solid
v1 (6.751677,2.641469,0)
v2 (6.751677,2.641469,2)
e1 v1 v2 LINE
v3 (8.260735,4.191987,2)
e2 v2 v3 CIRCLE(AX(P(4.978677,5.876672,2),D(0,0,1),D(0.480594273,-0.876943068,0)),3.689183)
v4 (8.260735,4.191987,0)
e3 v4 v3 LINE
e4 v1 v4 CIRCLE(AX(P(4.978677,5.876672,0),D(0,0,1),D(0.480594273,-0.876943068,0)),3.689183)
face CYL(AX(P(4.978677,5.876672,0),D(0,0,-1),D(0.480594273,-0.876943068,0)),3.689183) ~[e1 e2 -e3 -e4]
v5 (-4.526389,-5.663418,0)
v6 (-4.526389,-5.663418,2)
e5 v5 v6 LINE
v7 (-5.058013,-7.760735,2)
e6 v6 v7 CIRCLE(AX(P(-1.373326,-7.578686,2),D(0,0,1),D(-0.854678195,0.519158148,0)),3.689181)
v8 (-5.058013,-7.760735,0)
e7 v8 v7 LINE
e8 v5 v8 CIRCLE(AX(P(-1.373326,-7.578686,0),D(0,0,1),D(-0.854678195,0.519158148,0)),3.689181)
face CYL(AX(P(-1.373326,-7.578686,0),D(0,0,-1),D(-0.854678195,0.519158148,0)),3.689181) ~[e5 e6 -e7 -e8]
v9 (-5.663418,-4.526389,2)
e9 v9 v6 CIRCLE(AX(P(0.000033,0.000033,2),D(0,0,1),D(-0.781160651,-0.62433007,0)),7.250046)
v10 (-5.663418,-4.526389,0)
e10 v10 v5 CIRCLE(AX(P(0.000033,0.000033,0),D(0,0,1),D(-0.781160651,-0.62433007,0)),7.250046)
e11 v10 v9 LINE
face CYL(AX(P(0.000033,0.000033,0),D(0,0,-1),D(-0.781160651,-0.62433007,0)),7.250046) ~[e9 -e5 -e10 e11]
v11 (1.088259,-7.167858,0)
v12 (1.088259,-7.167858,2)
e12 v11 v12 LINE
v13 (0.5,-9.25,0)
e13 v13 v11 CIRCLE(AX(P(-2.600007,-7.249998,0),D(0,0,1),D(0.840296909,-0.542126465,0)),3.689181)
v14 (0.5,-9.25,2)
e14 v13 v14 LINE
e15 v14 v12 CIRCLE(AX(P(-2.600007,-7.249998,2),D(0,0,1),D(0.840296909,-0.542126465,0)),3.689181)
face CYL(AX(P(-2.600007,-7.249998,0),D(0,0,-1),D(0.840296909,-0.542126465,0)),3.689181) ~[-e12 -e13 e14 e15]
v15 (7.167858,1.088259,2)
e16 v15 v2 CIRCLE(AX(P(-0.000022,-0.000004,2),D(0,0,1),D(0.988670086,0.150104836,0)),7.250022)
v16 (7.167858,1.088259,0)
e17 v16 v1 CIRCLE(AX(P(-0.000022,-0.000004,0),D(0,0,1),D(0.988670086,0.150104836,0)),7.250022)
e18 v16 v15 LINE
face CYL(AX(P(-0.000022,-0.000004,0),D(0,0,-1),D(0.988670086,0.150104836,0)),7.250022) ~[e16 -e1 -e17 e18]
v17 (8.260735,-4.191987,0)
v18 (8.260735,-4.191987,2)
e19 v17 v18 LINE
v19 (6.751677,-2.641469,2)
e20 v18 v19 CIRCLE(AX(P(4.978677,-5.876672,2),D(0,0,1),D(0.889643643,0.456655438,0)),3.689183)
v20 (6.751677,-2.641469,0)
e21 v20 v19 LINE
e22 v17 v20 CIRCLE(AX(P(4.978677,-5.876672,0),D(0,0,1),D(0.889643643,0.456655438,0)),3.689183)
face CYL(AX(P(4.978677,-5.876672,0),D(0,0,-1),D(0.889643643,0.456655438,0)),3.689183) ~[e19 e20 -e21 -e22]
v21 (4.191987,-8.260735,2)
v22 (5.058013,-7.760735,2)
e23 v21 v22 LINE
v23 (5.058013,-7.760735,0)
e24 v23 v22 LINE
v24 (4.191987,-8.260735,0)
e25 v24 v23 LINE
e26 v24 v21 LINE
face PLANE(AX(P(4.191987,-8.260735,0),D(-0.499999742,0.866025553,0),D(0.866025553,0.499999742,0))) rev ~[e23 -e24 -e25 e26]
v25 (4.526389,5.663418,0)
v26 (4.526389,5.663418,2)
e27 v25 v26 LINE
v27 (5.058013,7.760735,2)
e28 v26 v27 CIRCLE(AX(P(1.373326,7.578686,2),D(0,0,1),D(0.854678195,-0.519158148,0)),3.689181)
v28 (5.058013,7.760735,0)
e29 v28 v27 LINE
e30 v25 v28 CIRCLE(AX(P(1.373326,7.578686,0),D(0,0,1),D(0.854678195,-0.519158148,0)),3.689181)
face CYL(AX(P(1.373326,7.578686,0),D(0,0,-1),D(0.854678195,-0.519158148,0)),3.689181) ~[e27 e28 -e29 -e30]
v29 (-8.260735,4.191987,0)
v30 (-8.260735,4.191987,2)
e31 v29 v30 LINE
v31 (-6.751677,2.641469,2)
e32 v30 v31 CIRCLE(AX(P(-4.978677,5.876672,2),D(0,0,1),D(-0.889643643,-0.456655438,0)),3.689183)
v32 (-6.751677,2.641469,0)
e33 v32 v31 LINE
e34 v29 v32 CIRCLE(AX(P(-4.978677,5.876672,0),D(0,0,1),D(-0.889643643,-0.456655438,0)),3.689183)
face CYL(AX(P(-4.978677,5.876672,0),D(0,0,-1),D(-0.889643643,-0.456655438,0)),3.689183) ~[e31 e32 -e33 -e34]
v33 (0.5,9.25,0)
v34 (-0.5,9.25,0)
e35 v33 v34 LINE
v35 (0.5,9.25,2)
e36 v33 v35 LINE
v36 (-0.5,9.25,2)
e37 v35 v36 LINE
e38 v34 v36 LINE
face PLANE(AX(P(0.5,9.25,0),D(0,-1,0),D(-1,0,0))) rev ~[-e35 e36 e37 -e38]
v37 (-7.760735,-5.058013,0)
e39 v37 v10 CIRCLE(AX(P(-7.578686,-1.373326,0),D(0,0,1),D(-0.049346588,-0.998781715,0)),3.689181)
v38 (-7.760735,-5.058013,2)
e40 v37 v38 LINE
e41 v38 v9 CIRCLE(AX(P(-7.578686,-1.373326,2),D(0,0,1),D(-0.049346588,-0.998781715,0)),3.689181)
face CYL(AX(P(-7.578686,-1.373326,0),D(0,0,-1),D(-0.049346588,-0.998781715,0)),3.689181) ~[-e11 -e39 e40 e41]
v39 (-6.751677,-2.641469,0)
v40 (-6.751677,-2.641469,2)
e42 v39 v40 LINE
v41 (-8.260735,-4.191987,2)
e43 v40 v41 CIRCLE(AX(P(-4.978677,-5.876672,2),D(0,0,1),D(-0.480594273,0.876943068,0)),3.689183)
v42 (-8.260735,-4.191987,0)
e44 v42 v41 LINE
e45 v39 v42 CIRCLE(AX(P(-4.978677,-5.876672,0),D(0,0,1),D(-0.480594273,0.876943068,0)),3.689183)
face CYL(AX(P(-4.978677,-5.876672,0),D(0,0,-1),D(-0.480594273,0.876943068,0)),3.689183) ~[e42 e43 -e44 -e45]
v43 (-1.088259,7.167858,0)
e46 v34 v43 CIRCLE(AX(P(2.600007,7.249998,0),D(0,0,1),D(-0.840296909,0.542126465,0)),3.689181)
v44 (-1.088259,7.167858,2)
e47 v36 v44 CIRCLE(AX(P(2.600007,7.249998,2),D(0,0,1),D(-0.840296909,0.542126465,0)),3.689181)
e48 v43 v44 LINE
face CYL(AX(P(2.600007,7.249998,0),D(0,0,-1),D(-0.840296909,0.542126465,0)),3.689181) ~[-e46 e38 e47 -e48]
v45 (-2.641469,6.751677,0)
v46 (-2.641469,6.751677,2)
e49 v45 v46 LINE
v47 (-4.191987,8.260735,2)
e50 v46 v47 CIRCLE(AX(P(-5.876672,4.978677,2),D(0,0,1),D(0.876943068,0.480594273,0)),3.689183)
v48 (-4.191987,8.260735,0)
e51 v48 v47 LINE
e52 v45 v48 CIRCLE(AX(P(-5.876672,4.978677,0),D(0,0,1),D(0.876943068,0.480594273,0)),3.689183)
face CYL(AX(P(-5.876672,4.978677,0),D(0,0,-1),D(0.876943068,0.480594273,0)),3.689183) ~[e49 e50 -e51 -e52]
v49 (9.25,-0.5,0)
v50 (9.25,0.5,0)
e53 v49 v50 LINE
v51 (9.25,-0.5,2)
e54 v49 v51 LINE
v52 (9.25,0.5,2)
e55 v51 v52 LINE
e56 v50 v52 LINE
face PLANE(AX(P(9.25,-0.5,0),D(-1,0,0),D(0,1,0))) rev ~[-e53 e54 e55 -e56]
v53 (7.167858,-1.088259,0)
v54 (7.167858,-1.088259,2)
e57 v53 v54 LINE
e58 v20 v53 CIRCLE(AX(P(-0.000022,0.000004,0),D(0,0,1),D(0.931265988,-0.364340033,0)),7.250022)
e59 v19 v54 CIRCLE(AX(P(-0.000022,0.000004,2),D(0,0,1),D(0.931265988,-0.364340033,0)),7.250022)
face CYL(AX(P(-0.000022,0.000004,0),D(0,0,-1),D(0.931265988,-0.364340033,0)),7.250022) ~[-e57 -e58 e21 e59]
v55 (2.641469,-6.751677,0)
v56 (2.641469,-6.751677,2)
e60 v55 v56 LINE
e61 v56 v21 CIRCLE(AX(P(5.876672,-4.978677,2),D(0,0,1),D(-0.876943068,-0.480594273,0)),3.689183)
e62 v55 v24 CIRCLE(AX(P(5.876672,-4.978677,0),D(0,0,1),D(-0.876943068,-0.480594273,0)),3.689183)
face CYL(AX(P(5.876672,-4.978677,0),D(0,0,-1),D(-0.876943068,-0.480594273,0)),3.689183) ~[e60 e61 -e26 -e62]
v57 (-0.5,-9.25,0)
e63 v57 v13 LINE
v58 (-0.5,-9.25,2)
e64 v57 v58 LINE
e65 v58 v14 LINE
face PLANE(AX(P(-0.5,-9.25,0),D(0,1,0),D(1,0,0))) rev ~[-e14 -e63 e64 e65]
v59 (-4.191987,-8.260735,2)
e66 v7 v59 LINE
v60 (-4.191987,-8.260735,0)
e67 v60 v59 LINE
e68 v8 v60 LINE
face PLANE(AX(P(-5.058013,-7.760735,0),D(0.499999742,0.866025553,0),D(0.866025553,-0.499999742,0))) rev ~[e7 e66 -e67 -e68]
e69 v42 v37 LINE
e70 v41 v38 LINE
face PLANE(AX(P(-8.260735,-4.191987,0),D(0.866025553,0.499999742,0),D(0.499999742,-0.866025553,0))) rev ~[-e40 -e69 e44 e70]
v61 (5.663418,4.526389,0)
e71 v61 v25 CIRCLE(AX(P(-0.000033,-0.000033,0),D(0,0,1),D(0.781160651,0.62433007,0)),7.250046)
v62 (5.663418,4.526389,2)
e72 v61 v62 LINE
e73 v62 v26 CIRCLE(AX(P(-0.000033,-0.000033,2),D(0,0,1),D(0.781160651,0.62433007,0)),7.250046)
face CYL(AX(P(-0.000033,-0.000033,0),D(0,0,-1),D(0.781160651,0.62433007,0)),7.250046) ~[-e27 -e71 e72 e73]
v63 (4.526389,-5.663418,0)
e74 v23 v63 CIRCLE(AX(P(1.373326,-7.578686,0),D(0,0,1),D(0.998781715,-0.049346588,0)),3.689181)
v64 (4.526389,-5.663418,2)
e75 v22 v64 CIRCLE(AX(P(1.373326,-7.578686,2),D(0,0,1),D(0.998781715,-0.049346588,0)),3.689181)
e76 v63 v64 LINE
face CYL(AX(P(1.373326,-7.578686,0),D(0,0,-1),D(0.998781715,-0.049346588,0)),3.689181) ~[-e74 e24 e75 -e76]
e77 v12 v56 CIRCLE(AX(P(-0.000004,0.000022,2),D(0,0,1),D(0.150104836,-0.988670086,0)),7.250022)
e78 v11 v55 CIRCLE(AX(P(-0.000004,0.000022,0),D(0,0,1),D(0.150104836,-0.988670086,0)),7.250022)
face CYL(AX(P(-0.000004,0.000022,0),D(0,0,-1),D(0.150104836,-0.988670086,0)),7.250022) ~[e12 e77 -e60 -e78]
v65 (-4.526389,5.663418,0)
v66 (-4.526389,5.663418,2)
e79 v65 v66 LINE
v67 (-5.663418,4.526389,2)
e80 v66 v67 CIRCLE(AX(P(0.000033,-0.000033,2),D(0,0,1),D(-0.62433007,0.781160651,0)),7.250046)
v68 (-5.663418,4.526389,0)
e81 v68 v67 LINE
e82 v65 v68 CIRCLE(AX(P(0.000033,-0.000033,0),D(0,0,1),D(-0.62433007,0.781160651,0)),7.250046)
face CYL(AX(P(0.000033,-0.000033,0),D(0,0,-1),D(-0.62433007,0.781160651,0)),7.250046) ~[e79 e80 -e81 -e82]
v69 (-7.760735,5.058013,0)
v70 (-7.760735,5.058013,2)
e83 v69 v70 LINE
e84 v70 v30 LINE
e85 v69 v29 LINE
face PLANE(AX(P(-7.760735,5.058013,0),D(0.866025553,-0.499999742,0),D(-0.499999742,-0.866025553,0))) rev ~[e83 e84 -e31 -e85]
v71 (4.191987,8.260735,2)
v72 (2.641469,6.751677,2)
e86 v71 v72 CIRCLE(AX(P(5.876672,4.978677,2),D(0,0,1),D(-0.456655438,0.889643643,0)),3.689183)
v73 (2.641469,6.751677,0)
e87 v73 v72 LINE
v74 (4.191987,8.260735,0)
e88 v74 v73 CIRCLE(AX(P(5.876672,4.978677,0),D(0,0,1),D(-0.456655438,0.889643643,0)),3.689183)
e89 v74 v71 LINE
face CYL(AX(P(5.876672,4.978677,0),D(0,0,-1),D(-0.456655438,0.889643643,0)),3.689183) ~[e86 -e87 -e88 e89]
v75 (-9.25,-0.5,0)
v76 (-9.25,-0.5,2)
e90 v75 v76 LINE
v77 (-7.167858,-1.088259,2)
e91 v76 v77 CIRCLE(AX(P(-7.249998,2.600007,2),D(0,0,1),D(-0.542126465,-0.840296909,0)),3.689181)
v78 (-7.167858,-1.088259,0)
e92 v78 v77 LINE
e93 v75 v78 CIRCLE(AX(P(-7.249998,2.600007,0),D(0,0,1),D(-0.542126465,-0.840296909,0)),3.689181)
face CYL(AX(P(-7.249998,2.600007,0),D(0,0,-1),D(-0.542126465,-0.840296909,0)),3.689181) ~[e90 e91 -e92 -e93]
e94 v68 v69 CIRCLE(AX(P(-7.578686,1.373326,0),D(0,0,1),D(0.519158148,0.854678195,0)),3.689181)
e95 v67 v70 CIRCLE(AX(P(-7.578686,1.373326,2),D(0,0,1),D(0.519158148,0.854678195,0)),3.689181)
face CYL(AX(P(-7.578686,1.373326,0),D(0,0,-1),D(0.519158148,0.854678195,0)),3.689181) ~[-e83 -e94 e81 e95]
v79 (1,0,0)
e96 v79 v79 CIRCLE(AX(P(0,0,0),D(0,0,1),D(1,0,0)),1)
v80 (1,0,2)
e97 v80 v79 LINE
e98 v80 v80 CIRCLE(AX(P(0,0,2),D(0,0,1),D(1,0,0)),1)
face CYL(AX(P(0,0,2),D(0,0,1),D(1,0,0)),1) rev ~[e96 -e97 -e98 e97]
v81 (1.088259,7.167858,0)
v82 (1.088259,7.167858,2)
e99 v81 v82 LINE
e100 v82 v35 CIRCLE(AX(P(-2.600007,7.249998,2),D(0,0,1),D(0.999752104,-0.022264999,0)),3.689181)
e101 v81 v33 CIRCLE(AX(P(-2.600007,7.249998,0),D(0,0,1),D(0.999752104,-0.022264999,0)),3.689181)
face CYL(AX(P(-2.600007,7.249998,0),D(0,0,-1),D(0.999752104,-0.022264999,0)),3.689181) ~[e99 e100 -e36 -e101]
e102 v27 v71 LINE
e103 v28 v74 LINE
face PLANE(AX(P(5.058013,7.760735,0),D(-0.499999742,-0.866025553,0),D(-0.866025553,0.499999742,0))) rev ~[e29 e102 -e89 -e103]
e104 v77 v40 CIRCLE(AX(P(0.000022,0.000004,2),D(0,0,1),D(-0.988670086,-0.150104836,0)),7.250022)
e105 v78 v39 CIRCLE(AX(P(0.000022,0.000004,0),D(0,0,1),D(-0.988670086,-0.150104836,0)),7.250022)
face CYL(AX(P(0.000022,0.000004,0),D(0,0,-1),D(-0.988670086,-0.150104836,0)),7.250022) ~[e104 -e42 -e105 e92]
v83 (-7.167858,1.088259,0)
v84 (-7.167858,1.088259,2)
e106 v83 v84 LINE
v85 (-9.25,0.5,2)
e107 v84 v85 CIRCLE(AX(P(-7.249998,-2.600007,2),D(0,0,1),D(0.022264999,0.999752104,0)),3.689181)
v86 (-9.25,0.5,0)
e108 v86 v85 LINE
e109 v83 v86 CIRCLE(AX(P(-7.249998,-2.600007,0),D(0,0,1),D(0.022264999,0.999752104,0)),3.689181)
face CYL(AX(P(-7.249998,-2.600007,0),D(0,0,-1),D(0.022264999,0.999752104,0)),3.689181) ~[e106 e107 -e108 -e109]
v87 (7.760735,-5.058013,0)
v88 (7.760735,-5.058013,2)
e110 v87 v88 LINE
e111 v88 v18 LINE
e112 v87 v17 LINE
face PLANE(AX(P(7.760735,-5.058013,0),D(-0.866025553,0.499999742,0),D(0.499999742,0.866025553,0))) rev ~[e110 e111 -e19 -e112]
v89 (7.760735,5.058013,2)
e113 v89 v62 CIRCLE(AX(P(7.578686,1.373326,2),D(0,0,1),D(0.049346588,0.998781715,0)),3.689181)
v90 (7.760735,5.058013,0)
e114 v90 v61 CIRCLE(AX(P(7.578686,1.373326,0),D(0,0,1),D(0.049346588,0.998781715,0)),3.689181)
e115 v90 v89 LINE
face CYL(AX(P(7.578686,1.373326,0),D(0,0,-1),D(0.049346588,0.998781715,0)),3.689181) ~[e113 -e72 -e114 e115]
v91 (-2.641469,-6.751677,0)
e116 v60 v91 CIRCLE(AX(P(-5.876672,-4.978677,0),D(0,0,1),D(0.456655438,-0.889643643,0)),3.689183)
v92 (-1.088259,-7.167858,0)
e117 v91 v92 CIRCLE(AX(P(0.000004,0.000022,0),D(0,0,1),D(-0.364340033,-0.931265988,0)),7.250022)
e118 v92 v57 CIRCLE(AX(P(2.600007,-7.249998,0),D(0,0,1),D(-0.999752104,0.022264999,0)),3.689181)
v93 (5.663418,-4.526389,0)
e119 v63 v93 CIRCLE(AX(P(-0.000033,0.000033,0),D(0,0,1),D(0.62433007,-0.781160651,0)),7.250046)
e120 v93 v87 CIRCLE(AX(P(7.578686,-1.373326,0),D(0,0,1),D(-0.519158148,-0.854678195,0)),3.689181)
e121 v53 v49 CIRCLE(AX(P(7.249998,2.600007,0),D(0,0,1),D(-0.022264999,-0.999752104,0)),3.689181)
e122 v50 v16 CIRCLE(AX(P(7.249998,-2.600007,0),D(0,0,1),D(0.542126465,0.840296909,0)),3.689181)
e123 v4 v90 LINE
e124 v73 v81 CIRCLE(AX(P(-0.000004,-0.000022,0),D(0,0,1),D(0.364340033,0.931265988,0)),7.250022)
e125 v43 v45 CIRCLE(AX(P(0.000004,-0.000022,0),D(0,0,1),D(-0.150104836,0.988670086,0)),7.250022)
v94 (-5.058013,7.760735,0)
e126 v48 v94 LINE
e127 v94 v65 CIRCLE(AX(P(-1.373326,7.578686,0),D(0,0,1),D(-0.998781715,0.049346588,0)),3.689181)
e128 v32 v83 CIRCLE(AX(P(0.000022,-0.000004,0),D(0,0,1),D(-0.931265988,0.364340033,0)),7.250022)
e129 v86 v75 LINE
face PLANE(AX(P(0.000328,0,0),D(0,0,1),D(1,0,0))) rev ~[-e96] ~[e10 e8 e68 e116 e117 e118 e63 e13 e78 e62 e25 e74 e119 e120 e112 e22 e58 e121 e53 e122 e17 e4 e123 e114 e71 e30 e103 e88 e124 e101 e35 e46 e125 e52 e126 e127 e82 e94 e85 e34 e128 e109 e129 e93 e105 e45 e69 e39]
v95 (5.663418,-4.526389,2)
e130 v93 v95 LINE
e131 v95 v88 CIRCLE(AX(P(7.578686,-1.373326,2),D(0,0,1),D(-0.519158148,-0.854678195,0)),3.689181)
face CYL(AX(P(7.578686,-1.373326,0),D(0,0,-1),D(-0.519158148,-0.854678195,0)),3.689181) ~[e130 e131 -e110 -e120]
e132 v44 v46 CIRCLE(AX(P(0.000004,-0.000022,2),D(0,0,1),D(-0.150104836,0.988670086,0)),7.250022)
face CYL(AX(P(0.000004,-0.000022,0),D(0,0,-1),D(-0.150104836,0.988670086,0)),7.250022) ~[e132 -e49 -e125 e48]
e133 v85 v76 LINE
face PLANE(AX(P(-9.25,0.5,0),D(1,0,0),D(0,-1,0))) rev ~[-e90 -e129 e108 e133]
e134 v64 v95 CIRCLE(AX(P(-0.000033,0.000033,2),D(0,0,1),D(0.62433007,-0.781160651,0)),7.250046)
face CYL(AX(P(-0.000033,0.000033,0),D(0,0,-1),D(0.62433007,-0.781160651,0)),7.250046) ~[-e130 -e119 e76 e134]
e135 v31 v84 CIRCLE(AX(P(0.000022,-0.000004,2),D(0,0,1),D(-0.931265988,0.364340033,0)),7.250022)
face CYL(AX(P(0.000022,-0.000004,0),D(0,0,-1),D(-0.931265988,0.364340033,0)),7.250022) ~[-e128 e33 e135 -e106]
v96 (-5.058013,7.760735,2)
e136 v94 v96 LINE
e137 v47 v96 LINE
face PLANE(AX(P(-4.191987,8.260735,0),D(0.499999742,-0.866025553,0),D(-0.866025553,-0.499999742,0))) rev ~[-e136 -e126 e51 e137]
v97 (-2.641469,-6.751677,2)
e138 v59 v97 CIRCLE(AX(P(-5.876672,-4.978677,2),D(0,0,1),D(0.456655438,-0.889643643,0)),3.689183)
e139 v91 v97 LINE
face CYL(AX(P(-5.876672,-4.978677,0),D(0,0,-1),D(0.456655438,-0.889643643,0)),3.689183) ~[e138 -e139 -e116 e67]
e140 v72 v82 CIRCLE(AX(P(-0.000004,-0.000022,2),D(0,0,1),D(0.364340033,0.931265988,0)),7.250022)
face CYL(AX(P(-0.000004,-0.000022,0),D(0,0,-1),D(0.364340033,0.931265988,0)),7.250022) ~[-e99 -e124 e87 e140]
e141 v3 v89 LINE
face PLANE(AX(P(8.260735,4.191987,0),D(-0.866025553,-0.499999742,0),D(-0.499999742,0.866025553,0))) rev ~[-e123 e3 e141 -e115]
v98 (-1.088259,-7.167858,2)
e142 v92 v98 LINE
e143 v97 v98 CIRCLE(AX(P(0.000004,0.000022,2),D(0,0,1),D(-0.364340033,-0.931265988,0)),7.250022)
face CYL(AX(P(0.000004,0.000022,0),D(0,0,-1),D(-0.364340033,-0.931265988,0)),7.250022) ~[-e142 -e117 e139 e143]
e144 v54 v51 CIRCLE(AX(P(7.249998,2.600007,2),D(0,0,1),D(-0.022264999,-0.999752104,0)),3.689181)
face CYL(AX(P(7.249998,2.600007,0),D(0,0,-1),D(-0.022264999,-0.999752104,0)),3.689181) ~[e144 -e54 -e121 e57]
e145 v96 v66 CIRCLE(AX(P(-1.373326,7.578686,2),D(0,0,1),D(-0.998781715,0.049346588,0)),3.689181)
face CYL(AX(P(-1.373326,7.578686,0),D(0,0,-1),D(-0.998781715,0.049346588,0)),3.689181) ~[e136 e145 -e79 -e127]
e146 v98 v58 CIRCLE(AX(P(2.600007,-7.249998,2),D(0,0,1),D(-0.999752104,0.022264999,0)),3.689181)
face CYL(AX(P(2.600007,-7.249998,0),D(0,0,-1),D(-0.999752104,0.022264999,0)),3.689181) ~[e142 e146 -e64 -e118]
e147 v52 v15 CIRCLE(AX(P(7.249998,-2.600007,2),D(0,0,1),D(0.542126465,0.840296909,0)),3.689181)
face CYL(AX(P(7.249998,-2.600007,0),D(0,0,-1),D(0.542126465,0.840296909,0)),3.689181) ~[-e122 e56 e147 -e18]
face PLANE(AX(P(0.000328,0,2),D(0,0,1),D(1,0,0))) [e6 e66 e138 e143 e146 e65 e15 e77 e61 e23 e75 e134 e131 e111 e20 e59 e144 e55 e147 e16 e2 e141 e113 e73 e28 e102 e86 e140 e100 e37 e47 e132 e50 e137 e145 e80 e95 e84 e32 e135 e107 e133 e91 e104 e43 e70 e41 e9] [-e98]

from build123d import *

# Parameters (mm, degrees)
F1_DEPTH = 2
F2_R     = 1
F3_DEPTH = 2.001


with BuildPart() as f1:
    # F0 (on Top) → F1 (new body)
    with BuildSketch(Plane.XY):
        with BuildLine():
            ThreePointArc((7.167858, -1.088259), (7.229435, -0.545677), (7.25, 0))
            ThreePointArc((7.25, 0), (7.229435, 0.545677), (7.167858, 1.088259))
            ThreePointArc((7.167858, 1.088259), (7.002962, 1.876438), (6.751677, 2.641469))
            ThreePointArc((6.751677, 2.641469), (6.278684, 3.625), (5.663418, 4.526389))
            ThreePointArc((5.663418, 4.526389), (5.126524, 5.126524), (4.526389, 5.663418))
            ThreePointArc((4.526389, 5.663418), (3.625, 6.278684), (2.641469, 6.751677))
            ThreePointArc((2.641469, 6.751677), (1.876438, 7.002962), (1.088259, 7.167858))
            ThreePointArc((1.088259, 7.167858), (0, 7.25), (-1.088259, 7.167858))
            ThreePointArc((-1.088259, 7.167858), (-1.876438, 7.002962), (-2.641469, 6.751677))
            ThreePointArc((-2.641469, 6.751677), (-3.625, 6.278684), (-4.526389, 5.663418))
            ThreePointArc((-4.526389, 5.663418), (-5.126524, 5.126524), (-5.663418, 4.526389))
            ThreePointArc((-5.663418, 4.526389), (-6.278684, 3.625), (-6.751677, 2.641469))
            ThreePointArc((-6.751677, 2.641469), (-7.002962, 1.876438), (-7.167858, 1.088259))
            ThreePointArc((-7.167858, 1.088259), (-7.25, 0), (-7.167858, -1.088259))
            ThreePointArc((-7.167858, -1.088259), (-7.002962, -1.876438), (-6.751677, -2.641469))
            ThreePointArc((-6.751677, -2.641469), (-6.278684, -3.625), (-5.663418, -4.526389))
            ThreePointArc((-5.663418, -4.526389), (-5.126524, -5.126524), (-4.526389, -5.663418))
            ThreePointArc((-4.526389, -5.663418), (-3.625, -6.278684), (-2.641469, -6.751677))
            ThreePointArc((-2.641469, -6.751677), (-1.876438, -7.002962), (-1.088259, -7.167858))
            ThreePointArc((-1.088259, -7.167858), (0, -7.25), (1.088259, -7.167858))
            ThreePointArc((1.088259, -7.167858), (1.876438, -7.002962), (2.641469, -6.751677))
            ThreePointArc((2.641469, -6.751677), (3.625, -6.278684), (4.526389, -5.663418))
            ThreePointArc((4.526389, -5.663418), (5.126524, -5.126524), (5.663418, -4.526389))
            ThreePointArc((5.663418, -4.526389), (6.278684, -3.625), (6.751677, -2.641469))
            ThreePointArc((6.751677, -2.641469), (7.002962, -1.876438), (7.167858, -1.088259))
        make_face()
        with BuildLine():
            ThreePointArc((7.167858, 1.088259), (7.229435, 0.545677), (7.25, 0))
            ThreePointArc((7.25, 0), (7.229435, -0.545677), (7.167858, -1.088259))
            ThreePointArc((7.167858, -1.088259), (8.253024, -0.950203), (9.25, -0.5))
            Line((9.25, -0.5), (9.25, 0))
            Line((9.25, 0), (9.25, 0.5))
            ThreePointArc((9.25, 0.5), (8.253024, 0.950203), (7.167858, 1.088259))
        make_face()
        with BuildLine():
            ThreePointArc((5.663418, 4.526389), (6.278684, 3.625), (6.751677, 2.641469))
            ThreePointArc((6.751677, 2.641469), (7.62243, 3.303612), (8.260735, 4.191987))
            Line((8.260735, 4.191987), (8.010735, 4.625))
            Line((8.010735, 4.625), (7.760735, 5.058013))
            ThreePointArc((7.760735, 5.058013), (6.672227, 4.949412), (5.663418, 4.526389))
        make_face()
        with BuildLine():
            ThreePointArc((8.260735, -4.191987), (7.62243, -3.303612), (6.751677, -2.641469))
            ThreePointArc((6.751677, -2.641469), (6.278684, -3.625), (5.663418, -4.526389))
            ThreePointArc((5.663418, -4.526389), (6.672227, -4.949412), (7.760735, -5.058013))
            Line((7.760735, -5.058013), (8.010735, -4.625))
            Line((8.010735, -4.625), (8.260735, -4.191987))
        make_face()
        with BuildLine():
            ThreePointArc((2.641469, 6.751677), (3.625, 6.278684), (4.526389, 5.663418))
            ThreePointArc((4.526389, 5.663418), (4.949412, 6.672227), (5.058013, 7.760735))
            Line((5.058013, 7.760735), (4.625, 8.010735))
            Line((4.625, 8.010735), (4.191987, 8.260735))
            ThreePointArc((4.191987, 8.260735), (3.303612, 7.62243), (2.641469, 6.751677))
        make_face()
        with BuildLine():
            ThreePointArc((5.058013, -7.760735), (4.949412, -6.672227), (4.526389, -5.663418))
            ThreePointArc((4.526389, -5.663418), (3.625, -6.278684), (2.641469, -6.751677))
            ThreePointArc((2.641469, -6.751677), (3.303612, -7.62243), (4.191987, -8.260735))
            Line((4.191987, -8.260735), (4.625, -8.010735))
            Line((4.625, -8.010735), (5.058013, -7.760735))
        make_face()
        with BuildLine():
            ThreePointArc((-1.088259, 7.167858), (0, 7.25), (1.088259, 7.167858))
            ThreePointArc((1.088259, 7.167858), (0.950203, 8.253024), (0.5, 9.25))
            Line((0.5, 9.25), (0, 9.25))
            Line((0, 9.25), (-0.5, 9.25))
            ThreePointArc((-0.5, 9.25), (-0.950203, 8.253024), (-1.088259, 7.167858))
        make_face()
        with BuildLine():
            ThreePointArc((0.5, -9.25), (0.950203, -8.253024), (1.088259, -7.167858))
            ThreePointArc((1.088259, -7.167858), (0, -7.25), (-1.088259, -7.167858))
            ThreePointArc((-1.088259, -7.167858), (-0.950203, -8.253024), (-0.5, -9.25))
            Line((-0.5, -9.25), (0, -9.25))
            Line((0, -9.25), (0.5, -9.25))
        make_face()
        with BuildLine():
            ThreePointArc((-4.526389, 5.663418), (-3.625, 6.278684), (-2.641469, 6.751677))
            ThreePointArc((-2.641469, 6.751677), (-3.303612, 7.62243), (-4.191987, 8.260735))
            Line((-4.191987, 8.260735), (-4.625, 8.010735))
            Line((-4.625, 8.010735), (-5.058013, 7.760735))
            ThreePointArc((-5.058013, 7.760735), (-4.949412, 6.672227), (-4.526389, 5.663418))
        make_face()
        with BuildLine():
            ThreePointArc((-4.191987, -8.260735), (-3.303612, -7.62243), (-2.641469, -6.751677))
            ThreePointArc((-2.641469, -6.751677), (-3.625, -6.278684), (-4.526389, -5.663418))
            ThreePointArc((-4.526389, -5.663418), (-4.949412, -6.672227), (-5.058013, -7.760735))
            Line((-5.058013, -7.760735), (-4.625, -8.010735))
            Line((-4.625, -8.010735), (-4.191987, -8.260735))
        make_face()
        with BuildLine():
            ThreePointArc((-6.751677, 2.641469), (-6.278684, 3.625), (-5.663418, 4.526389))
            ThreePointArc((-5.663418, 4.526389), (-6.672227, 4.949412), (-7.760735, 5.058013))
            Line((-7.760735, 5.058013), (-8.010735, 4.625))
            Line((-8.010735, 4.625), (-8.260735, 4.191987))
            ThreePointArc((-8.260735, 4.191987), (-7.62243, 3.303612), (-6.751677, 2.641469))
        make_face()
        with BuildLine():
            ThreePointArc((-7.760735, -5.058013), (-6.672227, -4.949412), (-5.663418, -4.526389))
            ThreePointArc((-5.663418, -4.526389), (-6.278684, -3.625), (-6.751677, -2.641469))
            ThreePointArc((-6.751677, -2.641469), (-7.62243, -3.303612), (-8.260735, -4.191987))
            Line((-8.260735, -4.191987), (-8.010735, -4.625))
            Line((-8.010735, -4.625), (-7.760735, -5.058013))
        make_face()
        with BuildLine():
            ThreePointArc((-7.167858, -1.088259), (-7.25, 0), (-7.167858, 1.088259))
            ThreePointArc((-7.167858, 1.088259), (-8.253024, 0.950203), (-9.25, 0.5))
            Line((-9.25, 0.5), (-9.25, 0))
            Line((-9.25, 0), (-9.25, -0.5))
            ThreePointArc((-9.25, -0.5), (-8.253024, -0.950203), (-7.167858, -1.088259))
        make_face()
    extrude(amount=F1_DEPTH)

    # F2 (on face) → F3 (cut, through all)
    with BuildSketch(Plane.XY.offset(2)):
        Circle(F2_R)
    extrude(amount=-F3_DEPTH, mode=Mode.SUBTRACT)


solid = f1.part
